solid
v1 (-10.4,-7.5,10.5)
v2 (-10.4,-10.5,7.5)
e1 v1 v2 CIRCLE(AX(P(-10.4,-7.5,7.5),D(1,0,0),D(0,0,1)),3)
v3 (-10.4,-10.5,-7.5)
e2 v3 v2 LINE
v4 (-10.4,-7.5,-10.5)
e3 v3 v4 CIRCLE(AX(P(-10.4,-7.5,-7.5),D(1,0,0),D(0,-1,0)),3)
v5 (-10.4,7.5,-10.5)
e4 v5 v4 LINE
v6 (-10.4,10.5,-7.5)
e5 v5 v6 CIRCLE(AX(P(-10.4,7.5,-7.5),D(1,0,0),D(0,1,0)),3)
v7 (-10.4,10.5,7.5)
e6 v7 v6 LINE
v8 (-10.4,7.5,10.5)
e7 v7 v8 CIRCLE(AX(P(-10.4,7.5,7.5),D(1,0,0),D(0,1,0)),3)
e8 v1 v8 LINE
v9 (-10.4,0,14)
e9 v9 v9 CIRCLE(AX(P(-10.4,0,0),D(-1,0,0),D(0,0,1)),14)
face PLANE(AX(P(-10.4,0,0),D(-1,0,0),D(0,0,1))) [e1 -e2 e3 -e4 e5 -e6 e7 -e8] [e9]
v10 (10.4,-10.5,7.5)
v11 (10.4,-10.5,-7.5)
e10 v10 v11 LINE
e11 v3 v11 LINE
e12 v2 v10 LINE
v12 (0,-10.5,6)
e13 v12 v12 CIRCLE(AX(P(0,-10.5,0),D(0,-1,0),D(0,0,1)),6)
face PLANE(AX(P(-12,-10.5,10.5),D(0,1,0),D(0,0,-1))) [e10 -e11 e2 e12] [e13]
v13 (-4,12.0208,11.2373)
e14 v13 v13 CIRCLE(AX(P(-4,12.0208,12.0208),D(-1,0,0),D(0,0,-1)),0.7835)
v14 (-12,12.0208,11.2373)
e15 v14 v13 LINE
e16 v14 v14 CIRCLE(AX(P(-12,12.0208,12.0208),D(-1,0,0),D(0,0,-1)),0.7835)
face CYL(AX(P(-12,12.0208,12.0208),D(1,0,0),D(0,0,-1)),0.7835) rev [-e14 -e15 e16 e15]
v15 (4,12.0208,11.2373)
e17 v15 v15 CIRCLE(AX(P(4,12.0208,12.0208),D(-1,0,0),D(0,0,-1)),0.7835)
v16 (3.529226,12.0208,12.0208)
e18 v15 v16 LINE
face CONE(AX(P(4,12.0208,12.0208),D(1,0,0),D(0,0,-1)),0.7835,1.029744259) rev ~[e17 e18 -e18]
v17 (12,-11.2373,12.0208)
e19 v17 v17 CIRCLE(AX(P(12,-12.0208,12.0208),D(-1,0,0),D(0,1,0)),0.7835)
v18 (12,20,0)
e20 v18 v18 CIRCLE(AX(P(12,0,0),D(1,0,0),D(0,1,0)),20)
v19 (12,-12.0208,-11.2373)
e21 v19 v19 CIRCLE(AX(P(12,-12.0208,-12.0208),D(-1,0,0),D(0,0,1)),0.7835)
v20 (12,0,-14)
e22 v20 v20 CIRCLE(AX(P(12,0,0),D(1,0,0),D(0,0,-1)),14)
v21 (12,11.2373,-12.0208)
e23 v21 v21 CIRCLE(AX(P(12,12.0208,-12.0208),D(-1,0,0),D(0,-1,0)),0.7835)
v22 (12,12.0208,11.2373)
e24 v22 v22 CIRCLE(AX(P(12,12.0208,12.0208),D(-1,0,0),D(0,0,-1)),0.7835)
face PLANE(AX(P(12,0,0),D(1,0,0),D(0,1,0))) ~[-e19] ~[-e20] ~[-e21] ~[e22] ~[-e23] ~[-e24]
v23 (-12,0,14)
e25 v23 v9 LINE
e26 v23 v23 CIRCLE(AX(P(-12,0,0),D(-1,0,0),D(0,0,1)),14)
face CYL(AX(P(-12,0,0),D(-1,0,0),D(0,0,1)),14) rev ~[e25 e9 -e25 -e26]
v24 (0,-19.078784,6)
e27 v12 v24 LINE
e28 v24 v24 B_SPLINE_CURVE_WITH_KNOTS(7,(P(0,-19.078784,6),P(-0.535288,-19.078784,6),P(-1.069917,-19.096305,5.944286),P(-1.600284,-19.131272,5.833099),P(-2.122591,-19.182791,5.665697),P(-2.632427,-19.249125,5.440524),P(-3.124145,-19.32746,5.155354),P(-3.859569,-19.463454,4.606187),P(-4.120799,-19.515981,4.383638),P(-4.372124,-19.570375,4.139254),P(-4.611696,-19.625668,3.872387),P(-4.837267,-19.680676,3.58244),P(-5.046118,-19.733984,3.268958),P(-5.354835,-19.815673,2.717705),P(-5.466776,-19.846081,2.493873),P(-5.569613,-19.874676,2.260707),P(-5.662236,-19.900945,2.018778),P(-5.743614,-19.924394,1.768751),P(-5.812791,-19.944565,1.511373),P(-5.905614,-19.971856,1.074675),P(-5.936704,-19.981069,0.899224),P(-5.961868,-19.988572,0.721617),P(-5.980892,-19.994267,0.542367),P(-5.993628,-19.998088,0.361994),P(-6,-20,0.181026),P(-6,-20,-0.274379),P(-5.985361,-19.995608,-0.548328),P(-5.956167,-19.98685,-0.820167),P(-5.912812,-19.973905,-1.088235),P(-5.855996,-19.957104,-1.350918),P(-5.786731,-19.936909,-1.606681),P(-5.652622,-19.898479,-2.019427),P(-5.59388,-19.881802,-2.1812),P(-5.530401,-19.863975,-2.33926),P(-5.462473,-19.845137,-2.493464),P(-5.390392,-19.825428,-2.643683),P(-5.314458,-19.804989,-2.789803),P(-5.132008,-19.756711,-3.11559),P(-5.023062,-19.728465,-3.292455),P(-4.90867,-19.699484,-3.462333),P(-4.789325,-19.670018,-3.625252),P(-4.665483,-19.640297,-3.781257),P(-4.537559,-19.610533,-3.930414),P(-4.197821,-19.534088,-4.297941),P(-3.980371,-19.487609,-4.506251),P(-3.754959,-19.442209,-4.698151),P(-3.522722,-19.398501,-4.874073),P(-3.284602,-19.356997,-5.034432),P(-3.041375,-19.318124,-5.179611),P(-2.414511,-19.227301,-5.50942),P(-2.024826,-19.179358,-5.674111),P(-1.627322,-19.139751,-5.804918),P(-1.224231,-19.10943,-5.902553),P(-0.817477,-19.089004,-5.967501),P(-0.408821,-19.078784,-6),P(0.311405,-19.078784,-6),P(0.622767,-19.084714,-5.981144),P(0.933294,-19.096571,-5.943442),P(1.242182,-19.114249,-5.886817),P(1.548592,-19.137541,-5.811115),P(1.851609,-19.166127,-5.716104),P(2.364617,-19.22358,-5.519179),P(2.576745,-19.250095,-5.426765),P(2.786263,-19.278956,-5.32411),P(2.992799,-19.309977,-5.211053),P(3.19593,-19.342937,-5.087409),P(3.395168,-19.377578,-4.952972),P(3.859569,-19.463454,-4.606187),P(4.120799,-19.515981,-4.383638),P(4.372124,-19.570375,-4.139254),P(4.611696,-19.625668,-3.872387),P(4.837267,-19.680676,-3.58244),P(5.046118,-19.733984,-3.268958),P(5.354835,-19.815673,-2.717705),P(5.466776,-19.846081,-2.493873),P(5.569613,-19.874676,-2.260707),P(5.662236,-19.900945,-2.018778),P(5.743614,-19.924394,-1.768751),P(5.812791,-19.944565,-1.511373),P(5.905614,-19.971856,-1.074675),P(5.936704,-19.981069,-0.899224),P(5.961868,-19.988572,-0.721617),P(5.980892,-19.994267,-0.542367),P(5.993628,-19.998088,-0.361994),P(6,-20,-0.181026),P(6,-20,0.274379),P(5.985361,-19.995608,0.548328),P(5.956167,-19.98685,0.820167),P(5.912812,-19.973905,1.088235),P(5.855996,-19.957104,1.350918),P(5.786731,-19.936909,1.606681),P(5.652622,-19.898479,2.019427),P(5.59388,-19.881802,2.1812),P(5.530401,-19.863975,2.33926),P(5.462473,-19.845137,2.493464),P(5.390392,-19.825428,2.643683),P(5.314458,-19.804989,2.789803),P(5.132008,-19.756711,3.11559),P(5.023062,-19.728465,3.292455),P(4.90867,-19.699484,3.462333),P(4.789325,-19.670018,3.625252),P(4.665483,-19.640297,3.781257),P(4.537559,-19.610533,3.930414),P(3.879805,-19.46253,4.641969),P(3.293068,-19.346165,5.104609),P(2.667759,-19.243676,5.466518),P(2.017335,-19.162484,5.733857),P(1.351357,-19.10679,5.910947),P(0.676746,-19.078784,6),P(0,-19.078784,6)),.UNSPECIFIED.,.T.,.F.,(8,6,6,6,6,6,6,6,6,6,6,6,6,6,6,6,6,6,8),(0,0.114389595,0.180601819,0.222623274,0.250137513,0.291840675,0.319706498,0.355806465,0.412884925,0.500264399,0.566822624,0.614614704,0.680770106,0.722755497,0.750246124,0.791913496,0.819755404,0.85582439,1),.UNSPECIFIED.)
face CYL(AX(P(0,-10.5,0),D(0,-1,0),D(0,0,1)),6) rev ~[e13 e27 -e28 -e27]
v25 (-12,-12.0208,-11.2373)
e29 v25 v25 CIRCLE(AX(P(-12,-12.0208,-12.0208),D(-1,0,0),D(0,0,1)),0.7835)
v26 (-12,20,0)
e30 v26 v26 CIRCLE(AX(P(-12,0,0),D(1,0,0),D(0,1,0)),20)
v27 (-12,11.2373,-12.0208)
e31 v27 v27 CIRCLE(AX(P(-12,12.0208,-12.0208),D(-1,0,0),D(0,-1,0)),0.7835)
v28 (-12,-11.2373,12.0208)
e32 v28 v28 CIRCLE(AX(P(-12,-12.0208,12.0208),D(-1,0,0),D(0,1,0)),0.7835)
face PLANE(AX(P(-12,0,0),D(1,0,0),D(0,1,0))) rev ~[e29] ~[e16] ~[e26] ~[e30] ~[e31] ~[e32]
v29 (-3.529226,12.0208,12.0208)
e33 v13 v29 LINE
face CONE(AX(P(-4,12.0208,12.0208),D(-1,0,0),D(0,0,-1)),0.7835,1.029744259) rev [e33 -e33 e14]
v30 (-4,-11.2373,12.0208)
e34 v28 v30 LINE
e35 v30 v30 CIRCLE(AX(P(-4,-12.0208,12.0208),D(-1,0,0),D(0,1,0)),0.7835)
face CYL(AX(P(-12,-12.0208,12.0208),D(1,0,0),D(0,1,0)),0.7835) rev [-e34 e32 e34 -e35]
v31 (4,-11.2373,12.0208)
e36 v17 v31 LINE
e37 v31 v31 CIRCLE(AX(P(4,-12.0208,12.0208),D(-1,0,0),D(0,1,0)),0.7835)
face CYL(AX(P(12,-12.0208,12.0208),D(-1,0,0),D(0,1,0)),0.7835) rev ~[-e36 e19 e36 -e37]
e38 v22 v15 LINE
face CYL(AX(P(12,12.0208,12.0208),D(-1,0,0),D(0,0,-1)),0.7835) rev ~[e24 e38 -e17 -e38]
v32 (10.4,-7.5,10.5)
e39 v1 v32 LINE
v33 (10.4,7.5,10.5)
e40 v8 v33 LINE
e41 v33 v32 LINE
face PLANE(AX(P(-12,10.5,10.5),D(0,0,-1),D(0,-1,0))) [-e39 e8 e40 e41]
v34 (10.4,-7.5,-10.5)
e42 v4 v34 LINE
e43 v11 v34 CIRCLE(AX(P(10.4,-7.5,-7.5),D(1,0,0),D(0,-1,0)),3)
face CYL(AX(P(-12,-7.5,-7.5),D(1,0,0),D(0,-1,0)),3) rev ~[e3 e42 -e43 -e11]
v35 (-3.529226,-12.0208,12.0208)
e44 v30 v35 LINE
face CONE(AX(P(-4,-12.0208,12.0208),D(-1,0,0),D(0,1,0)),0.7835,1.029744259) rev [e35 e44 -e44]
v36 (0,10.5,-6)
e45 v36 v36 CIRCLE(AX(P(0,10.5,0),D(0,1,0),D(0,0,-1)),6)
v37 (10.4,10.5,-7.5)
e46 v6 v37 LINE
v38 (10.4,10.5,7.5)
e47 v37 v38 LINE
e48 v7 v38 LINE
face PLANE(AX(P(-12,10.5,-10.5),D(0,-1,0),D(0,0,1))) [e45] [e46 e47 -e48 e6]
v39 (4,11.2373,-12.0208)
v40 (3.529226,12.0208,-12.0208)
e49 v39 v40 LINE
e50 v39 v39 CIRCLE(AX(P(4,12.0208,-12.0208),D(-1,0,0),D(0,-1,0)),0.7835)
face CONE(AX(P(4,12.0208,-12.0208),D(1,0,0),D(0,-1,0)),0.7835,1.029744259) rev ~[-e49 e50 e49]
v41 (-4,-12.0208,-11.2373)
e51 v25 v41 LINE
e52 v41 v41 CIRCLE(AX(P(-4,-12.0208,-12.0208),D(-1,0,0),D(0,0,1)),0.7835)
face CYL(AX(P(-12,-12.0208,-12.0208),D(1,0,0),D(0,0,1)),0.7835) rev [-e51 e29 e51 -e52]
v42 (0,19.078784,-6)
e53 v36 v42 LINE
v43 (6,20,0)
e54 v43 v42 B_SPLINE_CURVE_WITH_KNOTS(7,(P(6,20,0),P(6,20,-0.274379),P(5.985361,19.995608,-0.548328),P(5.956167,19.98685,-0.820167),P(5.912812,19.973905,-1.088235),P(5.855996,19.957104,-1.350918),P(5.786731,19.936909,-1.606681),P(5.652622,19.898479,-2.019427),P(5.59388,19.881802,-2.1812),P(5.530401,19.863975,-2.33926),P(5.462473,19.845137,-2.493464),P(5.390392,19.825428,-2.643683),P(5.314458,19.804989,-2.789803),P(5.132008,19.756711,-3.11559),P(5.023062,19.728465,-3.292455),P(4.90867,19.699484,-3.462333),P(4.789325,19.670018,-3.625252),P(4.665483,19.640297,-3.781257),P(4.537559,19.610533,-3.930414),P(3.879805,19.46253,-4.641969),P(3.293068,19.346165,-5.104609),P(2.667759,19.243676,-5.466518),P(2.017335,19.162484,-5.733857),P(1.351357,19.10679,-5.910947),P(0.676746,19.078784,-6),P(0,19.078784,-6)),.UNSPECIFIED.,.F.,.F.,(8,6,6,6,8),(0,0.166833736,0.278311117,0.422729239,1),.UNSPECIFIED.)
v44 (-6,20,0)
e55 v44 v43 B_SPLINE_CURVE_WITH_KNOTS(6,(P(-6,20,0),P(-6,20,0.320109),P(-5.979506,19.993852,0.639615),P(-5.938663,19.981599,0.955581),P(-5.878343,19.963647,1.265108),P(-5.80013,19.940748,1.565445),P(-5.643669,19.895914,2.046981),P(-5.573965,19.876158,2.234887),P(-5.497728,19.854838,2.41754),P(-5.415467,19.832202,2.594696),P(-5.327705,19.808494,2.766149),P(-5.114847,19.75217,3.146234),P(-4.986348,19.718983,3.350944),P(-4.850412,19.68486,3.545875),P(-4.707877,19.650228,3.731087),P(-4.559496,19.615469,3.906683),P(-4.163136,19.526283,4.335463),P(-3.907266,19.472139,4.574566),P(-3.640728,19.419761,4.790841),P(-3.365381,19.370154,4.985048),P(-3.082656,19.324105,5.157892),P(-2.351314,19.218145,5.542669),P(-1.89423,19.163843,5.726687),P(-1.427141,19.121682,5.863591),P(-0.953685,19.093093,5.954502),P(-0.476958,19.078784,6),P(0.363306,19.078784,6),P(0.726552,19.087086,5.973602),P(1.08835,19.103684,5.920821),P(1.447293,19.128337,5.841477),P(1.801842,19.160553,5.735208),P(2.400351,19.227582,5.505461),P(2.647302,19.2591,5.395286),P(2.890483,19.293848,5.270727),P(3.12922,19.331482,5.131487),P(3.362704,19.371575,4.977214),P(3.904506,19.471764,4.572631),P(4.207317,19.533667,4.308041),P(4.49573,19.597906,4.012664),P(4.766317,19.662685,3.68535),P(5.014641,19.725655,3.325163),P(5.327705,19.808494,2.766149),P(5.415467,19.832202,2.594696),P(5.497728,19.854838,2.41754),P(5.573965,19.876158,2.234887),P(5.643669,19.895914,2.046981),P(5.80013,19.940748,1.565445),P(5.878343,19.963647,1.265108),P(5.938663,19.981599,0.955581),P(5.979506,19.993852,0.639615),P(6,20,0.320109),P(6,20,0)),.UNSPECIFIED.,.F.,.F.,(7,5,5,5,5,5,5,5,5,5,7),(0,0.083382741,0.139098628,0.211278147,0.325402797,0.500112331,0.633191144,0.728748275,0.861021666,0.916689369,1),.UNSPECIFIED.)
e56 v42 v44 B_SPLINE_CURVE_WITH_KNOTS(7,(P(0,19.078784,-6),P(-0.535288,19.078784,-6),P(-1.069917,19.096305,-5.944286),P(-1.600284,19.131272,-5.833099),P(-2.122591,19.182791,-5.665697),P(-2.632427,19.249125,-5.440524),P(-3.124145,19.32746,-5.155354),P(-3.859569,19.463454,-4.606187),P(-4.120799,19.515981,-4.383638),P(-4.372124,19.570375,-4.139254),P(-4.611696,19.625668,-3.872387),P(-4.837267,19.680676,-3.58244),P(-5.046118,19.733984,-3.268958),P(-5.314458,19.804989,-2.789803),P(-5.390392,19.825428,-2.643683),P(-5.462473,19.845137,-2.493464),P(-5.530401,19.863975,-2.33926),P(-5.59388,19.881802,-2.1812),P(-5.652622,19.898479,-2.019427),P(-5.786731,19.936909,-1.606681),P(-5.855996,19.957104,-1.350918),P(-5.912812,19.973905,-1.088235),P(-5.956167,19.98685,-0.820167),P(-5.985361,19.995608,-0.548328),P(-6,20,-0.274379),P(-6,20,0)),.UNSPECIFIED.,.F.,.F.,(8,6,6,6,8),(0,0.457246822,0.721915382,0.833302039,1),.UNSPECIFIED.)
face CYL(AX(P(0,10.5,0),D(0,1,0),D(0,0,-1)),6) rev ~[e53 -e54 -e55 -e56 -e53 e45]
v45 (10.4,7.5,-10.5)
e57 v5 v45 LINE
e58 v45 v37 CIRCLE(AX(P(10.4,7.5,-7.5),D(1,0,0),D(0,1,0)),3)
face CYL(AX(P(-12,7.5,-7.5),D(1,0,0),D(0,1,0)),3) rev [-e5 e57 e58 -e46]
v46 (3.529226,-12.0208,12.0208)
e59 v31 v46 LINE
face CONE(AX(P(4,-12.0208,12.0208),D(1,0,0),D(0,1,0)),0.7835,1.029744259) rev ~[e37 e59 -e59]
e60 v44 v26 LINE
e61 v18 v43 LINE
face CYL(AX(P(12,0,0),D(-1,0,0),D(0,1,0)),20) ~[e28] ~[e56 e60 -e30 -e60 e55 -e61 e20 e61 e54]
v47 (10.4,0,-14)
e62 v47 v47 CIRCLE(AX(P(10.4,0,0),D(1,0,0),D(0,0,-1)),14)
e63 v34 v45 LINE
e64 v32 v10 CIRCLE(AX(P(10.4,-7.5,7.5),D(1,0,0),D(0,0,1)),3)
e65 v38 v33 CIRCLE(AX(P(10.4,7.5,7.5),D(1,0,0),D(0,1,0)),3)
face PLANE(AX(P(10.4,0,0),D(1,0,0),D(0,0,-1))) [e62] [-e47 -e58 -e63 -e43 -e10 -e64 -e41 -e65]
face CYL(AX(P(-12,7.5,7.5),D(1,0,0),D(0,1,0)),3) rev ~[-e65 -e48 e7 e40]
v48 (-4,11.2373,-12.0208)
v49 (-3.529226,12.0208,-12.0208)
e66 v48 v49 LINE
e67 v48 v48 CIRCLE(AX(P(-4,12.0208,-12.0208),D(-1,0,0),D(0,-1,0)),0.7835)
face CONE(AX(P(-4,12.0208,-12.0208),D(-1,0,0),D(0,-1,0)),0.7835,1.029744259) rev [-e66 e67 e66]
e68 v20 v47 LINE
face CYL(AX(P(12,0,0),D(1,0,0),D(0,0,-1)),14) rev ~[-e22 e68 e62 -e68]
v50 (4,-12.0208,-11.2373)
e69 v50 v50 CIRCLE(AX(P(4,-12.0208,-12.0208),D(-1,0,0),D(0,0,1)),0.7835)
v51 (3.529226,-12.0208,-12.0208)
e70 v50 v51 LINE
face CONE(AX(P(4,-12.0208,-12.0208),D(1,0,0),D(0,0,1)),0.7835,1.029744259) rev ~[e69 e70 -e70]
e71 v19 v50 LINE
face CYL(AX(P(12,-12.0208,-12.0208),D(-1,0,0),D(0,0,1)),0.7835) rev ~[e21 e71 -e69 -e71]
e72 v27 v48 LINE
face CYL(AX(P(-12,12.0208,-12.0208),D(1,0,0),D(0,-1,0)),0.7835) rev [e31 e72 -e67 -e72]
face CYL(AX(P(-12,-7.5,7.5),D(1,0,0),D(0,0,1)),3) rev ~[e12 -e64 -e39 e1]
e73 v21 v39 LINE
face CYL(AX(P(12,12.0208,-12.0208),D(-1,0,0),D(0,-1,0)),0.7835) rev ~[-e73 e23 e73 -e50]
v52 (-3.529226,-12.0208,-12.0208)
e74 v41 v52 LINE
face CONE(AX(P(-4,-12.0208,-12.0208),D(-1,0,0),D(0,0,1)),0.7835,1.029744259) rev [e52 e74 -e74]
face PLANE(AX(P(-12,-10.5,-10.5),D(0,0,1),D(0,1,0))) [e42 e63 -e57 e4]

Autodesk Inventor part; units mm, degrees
ref_plane "YZ Plane" through (0, 0, 0) normal (1, 0, 0) x (0, 1, 0)
ref_plane "XZ Plane" through (0, 0, 0) normal (0, 1, 0) x (-1, 0, 0)
ref_plane "XY Plane" through (0, 0, 0) normal (0, 0, 1) x (1, 0, 0)
sketch "Sketch1" plane through (0, 0, 0) normal (0, 0, 1) x (1, 0, 0)
  line L0 (-29.3592, 0) -> (29.3592, 0) construction
  line L1 (0, 14.1975) -> (0, -14.1975) construction
  line L2 (-12, 0) -> (12, 0)
  line L3 (12, 0) -> (12, 20)
  line L4 (-12, 20) -> (-12, 0)
  line L5 (-12, 20) -> (-12, 20.8787) construction
  line L6 (12, 20) -> (-12, 20)
  line L7 (50.3592, 10.5) -> (29.3592, 10.5)
  line L8 (29.3592, 10.5) -> (29.3592, -10.5)
  line L9 (29.3592, -10.5) -> (50.3592, -10.5)
  line L10 (50.3592, -10.5) -> (50.3592, 10.5)
  line L11 (29.3592, 0) -> (50.3592, 0) construction
  line L12 (39.8592, 0) -> (39.8592, 3.5595) construction
  circle A0 centre (39.8592, 0) radius 20
  line L13 (33.8592, 10.5) -> (45.8592, 10.5) construction
  line L14 (45.8592, 10.5) -> (45.8592, 24.7953) construction
  line L15 (45.8592, 24.7953) -> (33.8592, 24.7953) construction
  line L16 (33.8592, 24.7953) -> (33.8592, 10.5) construction
  line L17 (33.8592, 18.5) -> (45.8592, 18.5) construction
  point P0 (0, 0)
  point P1 (0, 0)
  point P2 (39.8592, 10.5)
  dimension "d1" = 24
  dimension "d2" = 12
  dimension "d5" = 40
  dimension "d18" = 21
  dimension "d19" = 21
  dimension "d20" = 12
  dimension "d22" = 8
  dimension "d23" = 40
revolve "Revolution1" add sketch "Sketch1" angle 360 about axis through (-29.3592, 0, 0) along (1, 0, 0) contours L4 L6 L3 L2
sketch "Sketch3" plane through (-12, 0, 0) normal (-1, 0, 0) x (0, 0, 1)
  line L0 (-10.5, 10.5) -> (10.5, 10.5)
  line L1 (10.5, 10.5) -> (10.5, -10.5)
  line L2 (10.5, -10.5) -> (-10.5, -10.5)
  line L3 (-10.5, -10.5) -> (-10.5, 10.5)
  point P0 (0, 0)
  point P1 (0, 10.5)
  point P2 (-10.5, 0)
  dimension "d24" = 21
  dimension "d25" = 21
extrude "Extrusion1" cut sketch "Sketch3" against normal through all
fillet "Fillet1" radius 3 4 edges at (0, 10.5, -10.5) (0, -10.5, -10.5) (0, -10.5, 10.5) (0, 10.5, 10.5)
sketch "Sketch4" plane through (-12, 10.5, -7.5) normal (0, -1, 0) x (1, 0, 0)
  point P0 (12, 7.5)
  point P1 (12, 7.5)
hole "Hole2" at (0, 10.5, 0) direction (0, 1, 0) diameter 12 depth 10 tip angle 118
pattern_circular "Circular Pattern2" count 2 over 360 about axis through (0, 0, 0) along (1, 0, 0) of "Hole2"
sketch "Sketch5" plane through (-12, 0, 0) normal (-1, 0, 0) x (0, 0, 1)
  circle A0 centre (0, 0) radius 14
  dimension "d39" = 28
extrude "Extrusion2" cut sketch "Sketch5" against normal blind 1.6
sketch "Sketch6" plane through (12, 0, 0) normal (1, 0, 0) x (0, 0, -1)
  circle A0 centre (0, 0) radius 14 projected
extrude "Extrusion3" cut sketch "Sketch6" against normal blind 1.6
sketch "Sketch7" plane through (12, 0, 0) normal (1, 0, 0) x (0, 0, -1)
  line L0 (-29.6226, 0) -> (29.6226, 0) construction
  line L1 (0, 0) -> (-16.5524, 16.5524) construction
  circle A0 centre (0, 0) radius 17 construction
  point P0 (-12.0208, 12.0208)
  dimension "d45" = 34
  dimension "d44" = 45
hole "Hole3" at (12, 12.0208, 12.0208) direction (-1, 0, 0) diameter 1.567 depth 8 tip angle 118 thread size "M2x0.4" class "6H" standard "ISO Metric profile"
pattern_circular "Circular Pattern3" count 4 over 360 about axis through (0, 0, 0) along (1, 0, 0) of "Hole3"
mirror "Mirror1" about plane through (0, 0, 0) normal (1, 0, 0) of "Hole3", "Circular Pattern3"
equation "\"d2\" = 0.5 * d1"
properties part number "P03" material "PVC-U (Transp. / Durchsicht.)"
